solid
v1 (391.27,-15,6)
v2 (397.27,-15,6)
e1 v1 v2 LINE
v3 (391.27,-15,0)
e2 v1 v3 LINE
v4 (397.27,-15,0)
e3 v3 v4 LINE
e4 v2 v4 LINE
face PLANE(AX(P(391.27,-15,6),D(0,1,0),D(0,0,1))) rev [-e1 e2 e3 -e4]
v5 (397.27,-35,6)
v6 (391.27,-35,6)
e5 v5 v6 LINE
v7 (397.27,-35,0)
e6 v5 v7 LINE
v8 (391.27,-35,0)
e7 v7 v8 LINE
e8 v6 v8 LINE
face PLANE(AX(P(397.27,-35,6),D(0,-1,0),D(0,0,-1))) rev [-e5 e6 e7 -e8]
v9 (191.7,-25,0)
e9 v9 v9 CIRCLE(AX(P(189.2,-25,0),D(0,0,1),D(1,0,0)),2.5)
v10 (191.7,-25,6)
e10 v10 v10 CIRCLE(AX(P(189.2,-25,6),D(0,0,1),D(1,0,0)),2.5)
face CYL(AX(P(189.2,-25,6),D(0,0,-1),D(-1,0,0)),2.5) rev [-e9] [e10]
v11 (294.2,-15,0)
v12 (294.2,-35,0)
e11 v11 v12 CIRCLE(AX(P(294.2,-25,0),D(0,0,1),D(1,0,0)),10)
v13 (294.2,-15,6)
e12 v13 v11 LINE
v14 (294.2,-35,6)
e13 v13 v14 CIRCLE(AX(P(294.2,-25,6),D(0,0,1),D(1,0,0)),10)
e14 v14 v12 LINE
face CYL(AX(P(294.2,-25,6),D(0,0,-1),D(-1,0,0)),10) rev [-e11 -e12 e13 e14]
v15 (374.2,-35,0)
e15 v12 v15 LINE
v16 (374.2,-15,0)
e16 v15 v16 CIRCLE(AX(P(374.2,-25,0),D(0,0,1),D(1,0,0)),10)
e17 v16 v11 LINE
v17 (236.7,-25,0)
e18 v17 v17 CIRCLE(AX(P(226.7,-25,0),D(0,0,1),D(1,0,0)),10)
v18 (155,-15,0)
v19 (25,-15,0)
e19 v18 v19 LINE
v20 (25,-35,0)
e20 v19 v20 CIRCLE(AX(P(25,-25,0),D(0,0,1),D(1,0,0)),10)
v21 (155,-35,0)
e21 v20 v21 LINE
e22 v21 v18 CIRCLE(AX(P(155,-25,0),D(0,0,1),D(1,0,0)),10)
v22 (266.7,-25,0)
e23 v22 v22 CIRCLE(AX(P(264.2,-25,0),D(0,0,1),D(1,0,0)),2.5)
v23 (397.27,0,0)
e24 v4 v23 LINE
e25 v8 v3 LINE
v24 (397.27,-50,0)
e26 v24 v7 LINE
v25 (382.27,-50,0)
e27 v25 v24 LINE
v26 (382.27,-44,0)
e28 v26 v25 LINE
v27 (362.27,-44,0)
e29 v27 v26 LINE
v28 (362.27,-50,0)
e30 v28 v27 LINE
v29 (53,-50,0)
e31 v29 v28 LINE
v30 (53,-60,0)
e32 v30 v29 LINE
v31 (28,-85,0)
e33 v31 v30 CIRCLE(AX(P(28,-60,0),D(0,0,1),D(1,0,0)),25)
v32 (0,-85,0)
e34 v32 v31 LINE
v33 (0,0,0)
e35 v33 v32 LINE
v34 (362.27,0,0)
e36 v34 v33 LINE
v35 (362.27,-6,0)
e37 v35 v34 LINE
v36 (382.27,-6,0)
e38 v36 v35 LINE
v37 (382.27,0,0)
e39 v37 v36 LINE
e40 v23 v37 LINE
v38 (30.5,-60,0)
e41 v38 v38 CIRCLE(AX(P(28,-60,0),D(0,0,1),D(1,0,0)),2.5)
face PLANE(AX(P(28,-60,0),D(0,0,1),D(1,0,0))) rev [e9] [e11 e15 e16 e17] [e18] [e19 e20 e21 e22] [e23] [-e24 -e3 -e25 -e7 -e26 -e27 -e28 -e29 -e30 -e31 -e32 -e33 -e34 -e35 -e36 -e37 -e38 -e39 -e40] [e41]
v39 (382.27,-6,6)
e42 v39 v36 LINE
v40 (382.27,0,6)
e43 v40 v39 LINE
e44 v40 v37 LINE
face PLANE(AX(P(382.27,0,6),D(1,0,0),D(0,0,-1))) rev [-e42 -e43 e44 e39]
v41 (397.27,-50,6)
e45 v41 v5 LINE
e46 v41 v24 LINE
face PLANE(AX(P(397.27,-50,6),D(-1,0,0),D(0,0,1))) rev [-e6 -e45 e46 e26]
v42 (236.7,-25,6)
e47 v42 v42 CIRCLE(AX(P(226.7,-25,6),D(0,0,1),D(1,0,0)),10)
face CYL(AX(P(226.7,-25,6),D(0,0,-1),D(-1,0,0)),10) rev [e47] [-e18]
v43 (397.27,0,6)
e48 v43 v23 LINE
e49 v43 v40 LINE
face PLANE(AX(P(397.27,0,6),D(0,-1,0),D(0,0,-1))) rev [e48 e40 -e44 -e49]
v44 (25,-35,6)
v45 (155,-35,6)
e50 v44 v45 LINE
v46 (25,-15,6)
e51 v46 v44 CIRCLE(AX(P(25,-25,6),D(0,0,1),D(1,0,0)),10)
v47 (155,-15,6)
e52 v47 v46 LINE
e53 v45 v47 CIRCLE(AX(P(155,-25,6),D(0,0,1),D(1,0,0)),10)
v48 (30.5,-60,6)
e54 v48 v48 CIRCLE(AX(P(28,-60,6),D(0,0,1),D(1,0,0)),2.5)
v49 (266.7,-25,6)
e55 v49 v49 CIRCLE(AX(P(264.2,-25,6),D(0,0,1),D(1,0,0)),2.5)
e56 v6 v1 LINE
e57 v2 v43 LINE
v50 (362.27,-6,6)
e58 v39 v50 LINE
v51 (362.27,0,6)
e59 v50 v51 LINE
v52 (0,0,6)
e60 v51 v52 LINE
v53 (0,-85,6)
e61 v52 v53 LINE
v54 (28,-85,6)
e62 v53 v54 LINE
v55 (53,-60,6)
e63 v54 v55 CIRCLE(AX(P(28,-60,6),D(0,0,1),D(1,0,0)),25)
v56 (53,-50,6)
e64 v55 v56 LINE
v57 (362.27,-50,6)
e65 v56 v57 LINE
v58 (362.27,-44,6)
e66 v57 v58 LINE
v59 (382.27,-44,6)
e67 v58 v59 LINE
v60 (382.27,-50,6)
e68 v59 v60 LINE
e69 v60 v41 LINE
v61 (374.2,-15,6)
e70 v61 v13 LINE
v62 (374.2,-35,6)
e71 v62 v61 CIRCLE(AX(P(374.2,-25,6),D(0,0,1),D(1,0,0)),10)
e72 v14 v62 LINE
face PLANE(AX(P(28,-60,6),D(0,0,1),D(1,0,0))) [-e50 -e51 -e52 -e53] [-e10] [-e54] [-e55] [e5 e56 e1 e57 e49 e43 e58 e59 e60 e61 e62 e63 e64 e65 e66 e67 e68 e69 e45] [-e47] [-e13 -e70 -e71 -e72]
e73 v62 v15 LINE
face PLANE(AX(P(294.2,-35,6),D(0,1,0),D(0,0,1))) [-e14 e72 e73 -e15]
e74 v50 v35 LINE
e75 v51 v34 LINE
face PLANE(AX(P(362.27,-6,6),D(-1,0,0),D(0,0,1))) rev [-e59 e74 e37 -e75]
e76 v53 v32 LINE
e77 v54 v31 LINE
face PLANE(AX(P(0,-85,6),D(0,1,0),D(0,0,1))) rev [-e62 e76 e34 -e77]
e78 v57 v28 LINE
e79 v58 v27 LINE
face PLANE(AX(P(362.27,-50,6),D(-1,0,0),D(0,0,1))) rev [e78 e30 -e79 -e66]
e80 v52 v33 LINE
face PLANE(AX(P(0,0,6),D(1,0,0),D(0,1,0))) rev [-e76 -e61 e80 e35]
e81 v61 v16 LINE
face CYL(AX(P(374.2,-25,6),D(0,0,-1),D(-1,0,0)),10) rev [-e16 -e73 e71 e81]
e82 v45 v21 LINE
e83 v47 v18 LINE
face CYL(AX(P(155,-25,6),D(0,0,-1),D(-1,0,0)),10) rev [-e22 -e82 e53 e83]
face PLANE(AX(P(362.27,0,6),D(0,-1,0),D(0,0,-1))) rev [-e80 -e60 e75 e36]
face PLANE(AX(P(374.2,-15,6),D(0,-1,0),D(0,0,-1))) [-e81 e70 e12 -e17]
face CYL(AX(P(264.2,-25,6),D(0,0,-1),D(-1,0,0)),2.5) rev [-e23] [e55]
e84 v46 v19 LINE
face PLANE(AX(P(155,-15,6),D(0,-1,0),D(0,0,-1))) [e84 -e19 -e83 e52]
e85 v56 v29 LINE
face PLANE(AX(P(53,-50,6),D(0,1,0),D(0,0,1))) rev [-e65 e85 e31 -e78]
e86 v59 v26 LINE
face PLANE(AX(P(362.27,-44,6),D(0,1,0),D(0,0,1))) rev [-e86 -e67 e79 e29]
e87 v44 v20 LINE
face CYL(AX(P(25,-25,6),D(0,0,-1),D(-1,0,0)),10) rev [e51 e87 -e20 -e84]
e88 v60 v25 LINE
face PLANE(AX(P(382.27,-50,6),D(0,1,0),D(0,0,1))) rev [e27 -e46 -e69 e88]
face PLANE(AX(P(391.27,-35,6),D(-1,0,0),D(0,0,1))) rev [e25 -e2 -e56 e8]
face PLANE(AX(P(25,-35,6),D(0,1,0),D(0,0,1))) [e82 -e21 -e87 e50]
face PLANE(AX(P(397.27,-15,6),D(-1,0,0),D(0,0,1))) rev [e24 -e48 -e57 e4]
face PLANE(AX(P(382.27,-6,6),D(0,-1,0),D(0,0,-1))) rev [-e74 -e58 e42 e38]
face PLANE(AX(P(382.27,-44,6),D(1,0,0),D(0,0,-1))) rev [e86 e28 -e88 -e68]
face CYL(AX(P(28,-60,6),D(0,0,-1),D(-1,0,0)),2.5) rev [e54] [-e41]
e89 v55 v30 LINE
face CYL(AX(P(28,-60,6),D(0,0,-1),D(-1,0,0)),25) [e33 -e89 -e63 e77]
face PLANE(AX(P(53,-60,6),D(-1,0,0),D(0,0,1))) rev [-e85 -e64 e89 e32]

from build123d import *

# Parameters (mm, degrees)
SKETCH1_R           = 2.5
SKETCH1_R_2         = 10
BOSS_EXTRUDE1_DEPTH = 6


with BuildPart() as part:
    # Sketch1 → Boss-Extrude1 (new body)
    with BuildSketch(Plane.XY):
        with BuildLine():
            Line((397.27, -50), (397.27, -35))
            Line((397.27, -35), (391.27, -35))
            Line((391.27, -35), (391.27, -15))
            Line((391.27, -15), (397.27, -15))
            Line((397.27, -15), (397.27, 0))
            Line((397.27, 0), (382.27, 0))
            Line((382.27, 0), (382.27, -6))
            Line((382.27, -6), (362.27, -6))
            Line((362.27, -6), (362.27, 0))
            Line((362.27, 0), (0, 0))
            Line((0, 0), (0, -85))
            Line((0, -85), (28, -85))
            ThreePointArc((28, -85), (45.67766953, -77.67766953), (53, -60))
            Line((53, -60), (53, -50))
            Line((53, -50), (362.27, -50))
            Line((362.27, -50), (362.27, -44))
            Line((362.27, -44), (382.27, -44))
            Line((382.27, -44), (382.27, -50))
            Line((382.27, -50), (397.27, -50))
        make_face()
        with Locations((189.2, -25)):
            Circle(SKETCH1_R, mode=Mode.SUBTRACT)
        with Locations((226.7, -25)):
            Circle(SKETCH1_R_2, mode=Mode.SUBTRACT)
        with Locations((28, -60)):
            Circle(SKETCH1_R, mode=Mode.SUBTRACT)
        with Locations((264.2, -25)):
            Circle(SKETCH1_R, mode=Mode.SUBTRACT)
        with BuildLine():
            Line((25, -35), (155, -35))
            ThreePointArc((155, -35), (165, -25), (155, -15))
            Line((155, -15), (25, -15))
            ThreePointArc((25, -15), (15, -25), (25, -35))
        make_face(mode=Mode.SUBTRACT)
        with BuildLine():
            Line((294.2, -35), (374.2, -35))
            ThreePointArc((374.2, -35), (384.2, -25), (374.2, -15))
            Line((374.2, -15), (294.2, -15))
            ThreePointArc((294.2, -15), (284.2, -25), (294.2, -35))
        make_face(mode=Mode.SUBTRACT)
    extrude(amount=BOSS_EXTRUDE1_DEPTH)


solid = part.part
